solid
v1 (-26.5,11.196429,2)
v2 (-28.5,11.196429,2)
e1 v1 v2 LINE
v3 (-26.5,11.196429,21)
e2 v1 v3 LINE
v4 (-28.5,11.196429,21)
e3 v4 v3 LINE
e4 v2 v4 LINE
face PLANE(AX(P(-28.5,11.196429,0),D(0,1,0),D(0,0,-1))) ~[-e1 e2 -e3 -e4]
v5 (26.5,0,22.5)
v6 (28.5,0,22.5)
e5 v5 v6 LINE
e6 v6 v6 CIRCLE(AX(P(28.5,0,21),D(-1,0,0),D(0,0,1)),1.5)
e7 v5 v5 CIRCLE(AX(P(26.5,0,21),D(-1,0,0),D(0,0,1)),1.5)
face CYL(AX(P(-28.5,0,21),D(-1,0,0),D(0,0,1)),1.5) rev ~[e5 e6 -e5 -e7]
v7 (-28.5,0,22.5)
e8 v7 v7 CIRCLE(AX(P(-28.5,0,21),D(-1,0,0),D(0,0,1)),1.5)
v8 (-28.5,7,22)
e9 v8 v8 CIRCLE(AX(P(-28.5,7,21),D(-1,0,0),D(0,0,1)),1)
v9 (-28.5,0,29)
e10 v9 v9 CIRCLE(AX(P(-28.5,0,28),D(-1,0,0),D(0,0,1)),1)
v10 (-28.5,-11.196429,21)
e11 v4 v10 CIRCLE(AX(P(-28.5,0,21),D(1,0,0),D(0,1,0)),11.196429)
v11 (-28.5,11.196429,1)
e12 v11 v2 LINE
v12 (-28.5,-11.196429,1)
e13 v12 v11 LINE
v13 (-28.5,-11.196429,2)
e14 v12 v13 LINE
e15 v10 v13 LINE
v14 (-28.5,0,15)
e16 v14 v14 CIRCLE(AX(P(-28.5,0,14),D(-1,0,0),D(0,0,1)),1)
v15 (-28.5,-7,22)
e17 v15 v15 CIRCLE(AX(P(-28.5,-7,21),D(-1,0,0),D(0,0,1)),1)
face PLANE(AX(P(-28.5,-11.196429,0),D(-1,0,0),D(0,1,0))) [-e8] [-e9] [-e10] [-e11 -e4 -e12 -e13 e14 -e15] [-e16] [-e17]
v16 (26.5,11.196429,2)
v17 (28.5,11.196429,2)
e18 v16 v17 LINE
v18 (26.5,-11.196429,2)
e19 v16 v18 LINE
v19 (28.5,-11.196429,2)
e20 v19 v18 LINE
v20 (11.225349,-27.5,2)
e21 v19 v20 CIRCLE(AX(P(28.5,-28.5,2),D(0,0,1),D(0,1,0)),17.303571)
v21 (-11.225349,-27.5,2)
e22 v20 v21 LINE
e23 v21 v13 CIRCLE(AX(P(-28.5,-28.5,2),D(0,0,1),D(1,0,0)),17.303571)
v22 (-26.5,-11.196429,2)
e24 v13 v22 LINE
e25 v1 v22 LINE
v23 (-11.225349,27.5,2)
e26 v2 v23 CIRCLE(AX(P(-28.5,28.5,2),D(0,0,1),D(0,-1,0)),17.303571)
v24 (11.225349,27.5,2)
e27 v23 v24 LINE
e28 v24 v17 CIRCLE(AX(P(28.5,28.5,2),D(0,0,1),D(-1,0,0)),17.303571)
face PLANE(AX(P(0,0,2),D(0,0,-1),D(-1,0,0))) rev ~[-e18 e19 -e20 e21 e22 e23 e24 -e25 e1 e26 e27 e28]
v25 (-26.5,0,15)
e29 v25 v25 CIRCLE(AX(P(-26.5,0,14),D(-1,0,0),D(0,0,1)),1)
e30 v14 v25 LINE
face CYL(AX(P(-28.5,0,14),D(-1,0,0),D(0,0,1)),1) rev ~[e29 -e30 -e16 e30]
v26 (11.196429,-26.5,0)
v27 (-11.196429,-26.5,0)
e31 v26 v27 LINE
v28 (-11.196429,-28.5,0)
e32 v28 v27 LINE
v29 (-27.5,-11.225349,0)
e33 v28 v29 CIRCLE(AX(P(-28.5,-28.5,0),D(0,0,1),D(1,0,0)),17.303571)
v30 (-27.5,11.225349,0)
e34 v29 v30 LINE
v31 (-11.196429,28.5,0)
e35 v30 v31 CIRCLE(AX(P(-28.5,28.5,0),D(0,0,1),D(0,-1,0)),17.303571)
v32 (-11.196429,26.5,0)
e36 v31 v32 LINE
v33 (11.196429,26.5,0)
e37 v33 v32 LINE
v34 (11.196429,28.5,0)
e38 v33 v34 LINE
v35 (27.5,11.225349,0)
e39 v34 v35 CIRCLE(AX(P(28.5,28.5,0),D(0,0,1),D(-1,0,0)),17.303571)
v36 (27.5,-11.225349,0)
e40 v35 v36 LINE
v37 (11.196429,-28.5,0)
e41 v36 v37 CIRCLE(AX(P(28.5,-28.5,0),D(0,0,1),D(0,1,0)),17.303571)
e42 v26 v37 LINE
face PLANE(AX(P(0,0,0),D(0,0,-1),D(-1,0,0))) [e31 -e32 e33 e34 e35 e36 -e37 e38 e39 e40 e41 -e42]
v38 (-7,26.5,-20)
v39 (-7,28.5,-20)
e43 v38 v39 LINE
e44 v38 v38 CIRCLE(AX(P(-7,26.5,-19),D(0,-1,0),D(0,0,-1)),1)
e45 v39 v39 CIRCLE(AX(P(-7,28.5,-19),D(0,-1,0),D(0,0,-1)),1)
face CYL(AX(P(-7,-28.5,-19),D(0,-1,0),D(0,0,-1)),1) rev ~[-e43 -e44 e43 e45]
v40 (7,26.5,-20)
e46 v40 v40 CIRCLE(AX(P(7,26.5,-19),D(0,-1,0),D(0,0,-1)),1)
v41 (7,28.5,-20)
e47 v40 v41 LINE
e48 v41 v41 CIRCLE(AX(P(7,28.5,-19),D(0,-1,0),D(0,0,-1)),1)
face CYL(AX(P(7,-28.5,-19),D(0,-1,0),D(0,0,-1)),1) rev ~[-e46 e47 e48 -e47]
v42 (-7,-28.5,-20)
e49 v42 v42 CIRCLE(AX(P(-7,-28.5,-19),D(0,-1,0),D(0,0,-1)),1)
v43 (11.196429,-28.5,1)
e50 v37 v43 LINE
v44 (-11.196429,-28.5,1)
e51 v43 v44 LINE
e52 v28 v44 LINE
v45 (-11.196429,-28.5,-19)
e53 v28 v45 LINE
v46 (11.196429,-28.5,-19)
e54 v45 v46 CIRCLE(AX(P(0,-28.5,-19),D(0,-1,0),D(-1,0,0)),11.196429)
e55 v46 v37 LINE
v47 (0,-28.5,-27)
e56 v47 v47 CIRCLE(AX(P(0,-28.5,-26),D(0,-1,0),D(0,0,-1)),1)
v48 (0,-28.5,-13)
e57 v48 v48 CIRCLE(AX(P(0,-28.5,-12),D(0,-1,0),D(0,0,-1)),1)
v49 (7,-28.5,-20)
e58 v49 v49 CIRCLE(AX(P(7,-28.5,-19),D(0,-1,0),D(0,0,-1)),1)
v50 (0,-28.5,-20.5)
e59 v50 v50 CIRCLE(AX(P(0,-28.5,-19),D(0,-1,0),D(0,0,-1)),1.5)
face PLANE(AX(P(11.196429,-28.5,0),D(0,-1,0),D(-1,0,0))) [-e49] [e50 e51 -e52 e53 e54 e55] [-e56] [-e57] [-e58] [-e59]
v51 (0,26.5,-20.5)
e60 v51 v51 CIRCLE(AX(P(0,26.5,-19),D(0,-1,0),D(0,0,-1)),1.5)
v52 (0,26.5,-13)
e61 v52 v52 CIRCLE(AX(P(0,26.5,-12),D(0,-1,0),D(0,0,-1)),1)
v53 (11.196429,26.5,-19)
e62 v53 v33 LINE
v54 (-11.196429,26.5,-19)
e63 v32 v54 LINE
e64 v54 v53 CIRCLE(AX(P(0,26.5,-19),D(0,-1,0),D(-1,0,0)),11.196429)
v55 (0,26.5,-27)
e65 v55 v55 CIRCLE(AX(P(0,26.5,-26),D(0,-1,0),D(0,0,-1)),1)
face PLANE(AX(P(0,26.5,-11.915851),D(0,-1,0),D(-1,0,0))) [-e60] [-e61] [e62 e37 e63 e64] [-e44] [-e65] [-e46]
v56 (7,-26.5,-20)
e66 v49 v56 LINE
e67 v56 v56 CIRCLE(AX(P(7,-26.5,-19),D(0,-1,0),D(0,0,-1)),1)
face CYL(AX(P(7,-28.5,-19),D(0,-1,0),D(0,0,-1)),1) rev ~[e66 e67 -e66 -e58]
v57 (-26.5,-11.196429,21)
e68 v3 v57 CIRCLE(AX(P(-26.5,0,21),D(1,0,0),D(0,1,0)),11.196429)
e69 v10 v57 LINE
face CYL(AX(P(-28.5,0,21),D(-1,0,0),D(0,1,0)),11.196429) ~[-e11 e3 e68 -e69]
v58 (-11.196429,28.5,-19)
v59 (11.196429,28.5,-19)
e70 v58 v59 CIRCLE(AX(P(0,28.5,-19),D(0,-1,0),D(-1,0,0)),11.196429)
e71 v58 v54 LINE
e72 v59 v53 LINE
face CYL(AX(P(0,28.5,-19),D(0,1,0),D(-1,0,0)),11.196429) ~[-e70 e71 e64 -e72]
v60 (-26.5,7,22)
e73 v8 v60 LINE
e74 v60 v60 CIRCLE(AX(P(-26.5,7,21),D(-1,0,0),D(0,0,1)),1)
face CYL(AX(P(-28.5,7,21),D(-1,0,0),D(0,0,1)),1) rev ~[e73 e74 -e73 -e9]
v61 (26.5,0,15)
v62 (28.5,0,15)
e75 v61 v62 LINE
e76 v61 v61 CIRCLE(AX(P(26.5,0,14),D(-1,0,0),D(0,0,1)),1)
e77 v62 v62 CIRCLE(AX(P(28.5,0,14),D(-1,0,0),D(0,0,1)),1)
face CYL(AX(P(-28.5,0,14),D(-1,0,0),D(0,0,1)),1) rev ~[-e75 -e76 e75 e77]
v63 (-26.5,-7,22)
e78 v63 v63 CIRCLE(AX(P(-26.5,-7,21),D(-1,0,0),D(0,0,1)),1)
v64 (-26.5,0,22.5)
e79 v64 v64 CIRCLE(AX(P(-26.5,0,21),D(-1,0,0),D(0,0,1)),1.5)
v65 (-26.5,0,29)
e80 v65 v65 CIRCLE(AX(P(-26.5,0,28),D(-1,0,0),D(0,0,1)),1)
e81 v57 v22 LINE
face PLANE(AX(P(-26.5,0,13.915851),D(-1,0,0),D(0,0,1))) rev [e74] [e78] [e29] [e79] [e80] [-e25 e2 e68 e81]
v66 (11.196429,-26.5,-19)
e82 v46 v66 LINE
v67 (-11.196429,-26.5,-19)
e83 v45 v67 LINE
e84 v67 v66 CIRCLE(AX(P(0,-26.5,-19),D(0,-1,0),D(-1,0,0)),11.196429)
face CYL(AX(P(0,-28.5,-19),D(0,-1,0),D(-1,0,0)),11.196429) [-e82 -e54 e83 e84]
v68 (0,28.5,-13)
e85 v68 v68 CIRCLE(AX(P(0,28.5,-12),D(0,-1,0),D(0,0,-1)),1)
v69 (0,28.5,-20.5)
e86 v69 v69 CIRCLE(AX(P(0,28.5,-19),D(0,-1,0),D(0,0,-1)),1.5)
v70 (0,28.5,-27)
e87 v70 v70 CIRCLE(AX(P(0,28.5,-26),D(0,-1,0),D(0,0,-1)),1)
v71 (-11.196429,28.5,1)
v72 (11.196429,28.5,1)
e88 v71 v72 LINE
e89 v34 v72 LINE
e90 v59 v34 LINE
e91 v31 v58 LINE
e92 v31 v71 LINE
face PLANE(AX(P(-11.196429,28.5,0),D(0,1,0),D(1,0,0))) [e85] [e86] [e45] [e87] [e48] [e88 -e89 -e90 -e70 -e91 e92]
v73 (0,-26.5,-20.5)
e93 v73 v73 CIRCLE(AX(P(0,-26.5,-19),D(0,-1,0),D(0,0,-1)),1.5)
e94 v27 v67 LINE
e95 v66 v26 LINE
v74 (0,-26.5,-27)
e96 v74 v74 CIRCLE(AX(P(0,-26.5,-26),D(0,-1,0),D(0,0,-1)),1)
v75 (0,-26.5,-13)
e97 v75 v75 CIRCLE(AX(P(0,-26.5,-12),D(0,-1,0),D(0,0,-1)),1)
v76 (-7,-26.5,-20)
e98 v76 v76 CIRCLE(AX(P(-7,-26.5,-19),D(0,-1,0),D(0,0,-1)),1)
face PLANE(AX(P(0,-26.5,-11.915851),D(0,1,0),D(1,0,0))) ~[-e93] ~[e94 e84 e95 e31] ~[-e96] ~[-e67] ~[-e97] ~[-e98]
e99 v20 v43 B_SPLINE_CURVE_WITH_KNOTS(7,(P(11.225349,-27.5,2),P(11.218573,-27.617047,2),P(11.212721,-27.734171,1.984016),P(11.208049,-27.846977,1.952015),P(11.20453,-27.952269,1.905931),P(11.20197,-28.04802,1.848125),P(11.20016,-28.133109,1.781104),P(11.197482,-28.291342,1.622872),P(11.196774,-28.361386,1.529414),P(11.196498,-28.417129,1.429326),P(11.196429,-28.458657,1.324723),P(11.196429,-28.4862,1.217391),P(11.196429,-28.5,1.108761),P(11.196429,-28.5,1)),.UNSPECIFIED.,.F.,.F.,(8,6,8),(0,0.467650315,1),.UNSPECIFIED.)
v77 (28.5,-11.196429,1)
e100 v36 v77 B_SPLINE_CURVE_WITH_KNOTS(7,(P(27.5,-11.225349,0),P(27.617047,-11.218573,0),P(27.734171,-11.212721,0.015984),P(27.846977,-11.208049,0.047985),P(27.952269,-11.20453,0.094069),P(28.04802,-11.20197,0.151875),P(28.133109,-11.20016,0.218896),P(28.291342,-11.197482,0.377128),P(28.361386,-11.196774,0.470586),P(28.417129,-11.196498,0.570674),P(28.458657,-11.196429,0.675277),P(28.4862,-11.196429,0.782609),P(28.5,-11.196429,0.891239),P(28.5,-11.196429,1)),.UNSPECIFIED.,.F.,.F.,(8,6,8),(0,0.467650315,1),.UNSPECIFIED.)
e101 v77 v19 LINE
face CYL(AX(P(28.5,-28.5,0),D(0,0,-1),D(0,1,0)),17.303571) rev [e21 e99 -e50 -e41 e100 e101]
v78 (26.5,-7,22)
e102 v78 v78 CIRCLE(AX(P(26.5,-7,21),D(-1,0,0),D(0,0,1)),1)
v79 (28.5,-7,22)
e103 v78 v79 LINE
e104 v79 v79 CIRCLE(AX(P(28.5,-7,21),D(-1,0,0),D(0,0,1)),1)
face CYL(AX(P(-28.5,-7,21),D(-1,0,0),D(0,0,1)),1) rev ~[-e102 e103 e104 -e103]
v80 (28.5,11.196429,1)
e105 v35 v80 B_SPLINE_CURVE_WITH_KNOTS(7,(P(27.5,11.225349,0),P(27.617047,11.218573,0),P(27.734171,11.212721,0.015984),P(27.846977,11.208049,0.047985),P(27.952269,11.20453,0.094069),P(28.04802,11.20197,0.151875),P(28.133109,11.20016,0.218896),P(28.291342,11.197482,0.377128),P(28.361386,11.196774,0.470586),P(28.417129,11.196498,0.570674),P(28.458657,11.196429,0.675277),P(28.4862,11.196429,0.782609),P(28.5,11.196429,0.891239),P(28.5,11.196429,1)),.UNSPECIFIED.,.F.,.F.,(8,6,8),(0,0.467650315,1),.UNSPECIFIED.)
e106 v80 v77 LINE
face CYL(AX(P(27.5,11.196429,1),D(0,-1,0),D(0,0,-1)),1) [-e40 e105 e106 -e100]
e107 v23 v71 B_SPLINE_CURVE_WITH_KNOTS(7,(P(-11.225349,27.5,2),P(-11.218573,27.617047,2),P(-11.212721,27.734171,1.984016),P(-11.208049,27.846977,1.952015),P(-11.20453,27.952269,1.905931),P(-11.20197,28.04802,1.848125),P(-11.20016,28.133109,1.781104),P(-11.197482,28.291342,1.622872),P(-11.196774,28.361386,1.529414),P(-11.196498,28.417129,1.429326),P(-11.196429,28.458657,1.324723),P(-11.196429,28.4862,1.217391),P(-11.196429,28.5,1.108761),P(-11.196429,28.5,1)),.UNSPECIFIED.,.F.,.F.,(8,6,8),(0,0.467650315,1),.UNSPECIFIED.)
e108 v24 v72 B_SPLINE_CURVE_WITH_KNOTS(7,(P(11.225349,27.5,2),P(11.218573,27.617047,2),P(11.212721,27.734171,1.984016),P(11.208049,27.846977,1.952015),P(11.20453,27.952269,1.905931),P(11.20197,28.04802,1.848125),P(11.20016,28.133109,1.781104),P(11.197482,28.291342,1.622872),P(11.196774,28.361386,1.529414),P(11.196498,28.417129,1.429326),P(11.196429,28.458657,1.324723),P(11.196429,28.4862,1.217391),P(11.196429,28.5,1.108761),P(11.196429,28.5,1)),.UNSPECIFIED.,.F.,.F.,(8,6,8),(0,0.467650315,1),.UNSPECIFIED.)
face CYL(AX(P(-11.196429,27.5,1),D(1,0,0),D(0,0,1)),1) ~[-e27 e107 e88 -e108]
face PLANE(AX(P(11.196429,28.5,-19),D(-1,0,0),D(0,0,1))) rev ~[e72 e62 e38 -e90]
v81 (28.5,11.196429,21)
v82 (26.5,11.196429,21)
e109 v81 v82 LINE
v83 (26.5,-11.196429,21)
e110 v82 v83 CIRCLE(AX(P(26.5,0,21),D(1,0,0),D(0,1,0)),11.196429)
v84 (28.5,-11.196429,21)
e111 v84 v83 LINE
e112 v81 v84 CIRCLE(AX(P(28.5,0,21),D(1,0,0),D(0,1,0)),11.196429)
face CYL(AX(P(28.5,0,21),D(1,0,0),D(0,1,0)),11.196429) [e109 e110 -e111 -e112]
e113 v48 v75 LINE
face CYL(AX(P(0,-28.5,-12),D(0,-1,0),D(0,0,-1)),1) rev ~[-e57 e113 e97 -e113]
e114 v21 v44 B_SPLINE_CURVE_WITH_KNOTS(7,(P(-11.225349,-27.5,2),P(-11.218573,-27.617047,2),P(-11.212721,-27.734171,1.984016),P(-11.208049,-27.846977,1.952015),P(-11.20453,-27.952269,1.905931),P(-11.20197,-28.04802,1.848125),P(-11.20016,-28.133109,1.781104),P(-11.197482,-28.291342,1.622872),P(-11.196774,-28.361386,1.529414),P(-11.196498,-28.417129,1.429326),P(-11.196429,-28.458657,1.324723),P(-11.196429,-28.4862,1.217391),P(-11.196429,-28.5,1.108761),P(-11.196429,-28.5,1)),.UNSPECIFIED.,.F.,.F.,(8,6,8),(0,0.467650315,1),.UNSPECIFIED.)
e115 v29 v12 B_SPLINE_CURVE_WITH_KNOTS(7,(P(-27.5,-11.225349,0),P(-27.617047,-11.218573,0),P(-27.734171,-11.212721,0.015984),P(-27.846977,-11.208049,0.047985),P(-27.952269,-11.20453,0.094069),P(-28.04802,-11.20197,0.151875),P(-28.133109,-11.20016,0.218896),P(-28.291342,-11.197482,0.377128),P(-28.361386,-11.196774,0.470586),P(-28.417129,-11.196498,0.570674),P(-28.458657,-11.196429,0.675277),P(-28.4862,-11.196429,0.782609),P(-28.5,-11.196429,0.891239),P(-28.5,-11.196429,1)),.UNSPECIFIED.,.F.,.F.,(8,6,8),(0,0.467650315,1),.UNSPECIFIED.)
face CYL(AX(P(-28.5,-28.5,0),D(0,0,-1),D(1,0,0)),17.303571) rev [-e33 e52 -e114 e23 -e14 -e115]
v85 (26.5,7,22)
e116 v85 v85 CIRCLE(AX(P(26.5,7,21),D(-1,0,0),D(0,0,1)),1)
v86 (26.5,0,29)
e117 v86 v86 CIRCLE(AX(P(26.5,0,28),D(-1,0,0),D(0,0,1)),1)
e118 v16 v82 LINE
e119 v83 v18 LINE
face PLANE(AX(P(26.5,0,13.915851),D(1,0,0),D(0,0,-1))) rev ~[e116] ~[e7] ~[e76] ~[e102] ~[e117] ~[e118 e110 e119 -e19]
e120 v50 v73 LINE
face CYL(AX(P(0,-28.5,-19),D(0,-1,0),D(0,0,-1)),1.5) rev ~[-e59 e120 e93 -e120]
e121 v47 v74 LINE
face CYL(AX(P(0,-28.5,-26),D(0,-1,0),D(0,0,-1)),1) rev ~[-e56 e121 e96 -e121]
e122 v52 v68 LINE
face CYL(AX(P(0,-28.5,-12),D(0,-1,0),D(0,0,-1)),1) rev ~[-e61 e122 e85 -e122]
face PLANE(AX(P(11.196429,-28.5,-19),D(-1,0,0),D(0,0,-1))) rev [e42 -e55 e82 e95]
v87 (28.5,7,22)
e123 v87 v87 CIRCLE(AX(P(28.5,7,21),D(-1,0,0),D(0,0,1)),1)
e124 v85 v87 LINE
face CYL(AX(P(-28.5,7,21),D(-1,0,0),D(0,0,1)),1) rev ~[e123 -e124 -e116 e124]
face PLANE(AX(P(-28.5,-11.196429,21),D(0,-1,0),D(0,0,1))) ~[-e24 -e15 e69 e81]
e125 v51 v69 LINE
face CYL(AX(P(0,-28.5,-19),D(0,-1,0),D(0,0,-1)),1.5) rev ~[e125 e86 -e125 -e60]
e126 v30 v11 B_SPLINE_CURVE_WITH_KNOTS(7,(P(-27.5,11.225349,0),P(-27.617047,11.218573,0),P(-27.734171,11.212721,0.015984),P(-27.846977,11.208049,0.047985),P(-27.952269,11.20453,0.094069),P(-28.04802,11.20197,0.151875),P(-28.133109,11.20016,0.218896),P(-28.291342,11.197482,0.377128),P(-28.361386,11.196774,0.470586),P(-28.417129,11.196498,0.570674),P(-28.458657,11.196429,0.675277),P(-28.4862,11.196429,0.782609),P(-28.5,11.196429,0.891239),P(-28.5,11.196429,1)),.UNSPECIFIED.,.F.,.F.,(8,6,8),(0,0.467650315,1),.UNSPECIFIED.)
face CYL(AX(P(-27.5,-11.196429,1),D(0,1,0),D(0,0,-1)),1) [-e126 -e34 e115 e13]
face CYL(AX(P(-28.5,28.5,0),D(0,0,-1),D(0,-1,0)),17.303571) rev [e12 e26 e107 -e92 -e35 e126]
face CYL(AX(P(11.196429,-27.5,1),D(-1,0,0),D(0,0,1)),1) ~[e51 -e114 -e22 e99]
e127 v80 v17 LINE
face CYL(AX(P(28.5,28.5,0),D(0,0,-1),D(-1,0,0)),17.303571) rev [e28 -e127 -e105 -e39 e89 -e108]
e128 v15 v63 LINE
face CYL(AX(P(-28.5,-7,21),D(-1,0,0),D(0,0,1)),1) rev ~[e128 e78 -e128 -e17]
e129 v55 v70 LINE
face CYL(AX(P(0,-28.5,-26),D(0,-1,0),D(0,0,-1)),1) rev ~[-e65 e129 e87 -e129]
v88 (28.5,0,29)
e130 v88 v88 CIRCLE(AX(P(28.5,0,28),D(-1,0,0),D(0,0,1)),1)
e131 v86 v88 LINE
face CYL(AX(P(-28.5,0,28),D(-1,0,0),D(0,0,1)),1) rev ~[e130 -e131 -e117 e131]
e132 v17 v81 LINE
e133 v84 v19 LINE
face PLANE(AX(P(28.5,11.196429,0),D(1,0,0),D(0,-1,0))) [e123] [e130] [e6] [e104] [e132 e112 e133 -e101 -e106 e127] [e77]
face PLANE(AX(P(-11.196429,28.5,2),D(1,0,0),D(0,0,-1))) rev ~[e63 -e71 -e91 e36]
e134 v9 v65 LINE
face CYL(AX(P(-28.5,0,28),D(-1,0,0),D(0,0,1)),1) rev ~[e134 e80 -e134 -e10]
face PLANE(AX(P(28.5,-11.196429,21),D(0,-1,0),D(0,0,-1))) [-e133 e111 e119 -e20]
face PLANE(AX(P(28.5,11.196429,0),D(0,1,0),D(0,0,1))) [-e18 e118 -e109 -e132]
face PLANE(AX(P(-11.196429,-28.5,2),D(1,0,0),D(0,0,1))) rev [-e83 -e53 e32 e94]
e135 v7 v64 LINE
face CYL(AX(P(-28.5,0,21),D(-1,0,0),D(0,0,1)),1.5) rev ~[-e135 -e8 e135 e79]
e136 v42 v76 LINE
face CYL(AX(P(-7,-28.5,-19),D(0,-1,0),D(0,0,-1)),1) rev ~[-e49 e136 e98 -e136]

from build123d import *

# Parameters (mm, degrees)
EXTRUDE_3_DEPTH     = 2
EXTRUDE_8_DEPTH     = 2
EXTRUDE_9_DEPTH     = 2
SKETCH_14_R         = 1.5
SKETCH_14_R_2       = 1
CUT_EXTRUDE_4_DEPTH = 72.399299806
SKETCH_15_R         = 1.5
SKETCH_15_R_2       = 1
CUT_EXTRUDE_5_DEPTH = 72.399299806
FILLET_9_R          = 1
FILLET_10_R         = 1
FILLET_11_R         = 1
FILLET_12_R         = 1


with BuildPart() as part:
    # 草图1 → 凸台-拉伸3 (new body)
    with BuildSketch(Plane.XY):
        with BuildLine():
            Line((-11.196428571, 28.5), (11.196428571, 28.5))
            ThreePointArc((11.196428571, 28.5), (16.264527304, 16.264527304), (28.5, 11.196428571))
            Line((28.5, 11.196428571), (28.5, -11.196428571))
            ThreePointArc((28.5, -11.196428571), (16.264527304, -16.264527304), (11.196428571, -28.5))
            Line((11.196428571, -28.5), (-11.196428571, -28.5))
            ThreePointArc((-11.196428571, -28.5), (-16.264527304, -16.264527304), (-28.5, -11.196428571))
            Line((-28.5, -11.196428571), (-28.5, 11.196428571))
            ThreePointArc((-28.5, 11.196428571), (-16.264527304, 16.264527304), (-11.196428571, 28.5))
        make_face()
    extrude(amount=EXTRUDE_3_DEPTH)

    # 草图12 → 凸台-拉伸8 (add)
    with BuildSketch(Plane(origin=(0, 28.5, 0), x_dir=(1, 0, 0), z_dir=(0, 1, 0))):
        with BuildLine():
            Line((-11.196428571, -2), (-11.196428571, 19))
            ThreePointArc((-11.196428571, 19), (0, 30.196428571), (11.196428571, 19))
            Line((11.196428571, 19), (11.196428571, -2))
            Line((11.196428571, -2), (-11.196428571, -2))
        make_face()
    extrude_8 = extrude(amount=-EXTRUDE_8_DEPTH)

    # 镜向6: 凸台-拉伸8 across plane
    add(extrude_8.mirror(Plane.ZX))

    # 草图13 → 凸台-拉伸9 (add)
    with BuildSketch(Plane(origin=(28.5, 0, 0), x_dir=(0, 0, -1), z_dir=(1, 0, 0))):
        with BuildLine():
            Line((0, 11.196428571), (-21, 11.196428571))
            ThreePointArc((-21, 11.196428571), (-32.196428571, 0), (-21, -11.196428571))
            Line((-21, -11.196428571), (0, -11.196428571))
            Line((0, -11.196428571), (0, 11.196428571))
        make_face()
    extrude_9 = extrude(amount=-EXTRUDE_9_DEPTH)

    # 镜向7: 凸台-拉伸9 across plane
    add(extrude_9.mirror(Plane(origin=(0, 0, 0), x_dir=(0, 0, 1), z_dir=(1, 0, 0))))

    # 草图14 → 切除-拉伸4 (cut, through all)
    with BuildSketch(Plane.ZY.offset(28.5)):
        with Locations((21, 0)):
            Circle(SKETCH_14_R)
        with Locations((21, 7)):
            Circle(SKETCH_14_R_2)
        with Locations((28, 0)):
            Circle(SKETCH_14_R_2)
        with Locations((21, -7)):
            Circle(SKETCH_14_R_2)
        with Locations((14, 0)):
            Circle(SKETCH_14_R_2)
    extrude(amount=-CUT_EXTRUDE_4_DEPTH, mode=Mode.SUBTRACT)

    # 草图15 → 切除-拉伸5 (cut, through all)
    with BuildSketch(Plane.XZ.offset(28.5)):
        with Locations(Location((0, -19, 0), (0, 0, 270))):
            Circle(SKETCH_15_R)
        with Locations(Location((0, -12, 0), (0, 0, 270))):
            Circle(SKETCH_15_R_2)
        with Locations(Location((7, -19, 0), (0, 0, 270))):
            Circle(SKETCH_15_R_2)
        with Locations(Location((0, -26, 0), (0, 0, 270))):
            Circle(SKETCH_15_R_2)
        with Locations(Location((-7, -19, 0), (0, 0, 270))):
            Circle(SKETCH_15_R_2)
    extrude(amount=-CUT_EXTRUDE_5_DEPTH, mode=Mode.SUBTRACT)

    # 圆角9
    fillet_9_edges = [part.edges().sort_by_distance(p)[0] for p in [
        (-28.5, 0, 0),
    ]]
    fillet(fillet_9_edges, radius=FILLET_9_R)

    # 圆角10
    fillet_10_edges = [part.edges().sort_by_distance(p)[0] for p in [
        (28.5, 0, 0),
    ]]
    fillet(fillet_10_edges, radius=FILLET_10_R)

    # 圆角11
    fillet_11_edges = [part.edges().sort_by_distance(p)[0] for p in [
        (0, -28.5, 2),
    ]]
    fillet(fillet_11_edges, radius=FILLET_11_R)

    # 圆角12
    fillet_12_edges = [part.edges().sort_by_distance(p)[0] for p in [
        (0, 28.5, 2),
    ]]
    fillet(fillet_12_edges, radius=FILLET_12_R)


solid = part.part
